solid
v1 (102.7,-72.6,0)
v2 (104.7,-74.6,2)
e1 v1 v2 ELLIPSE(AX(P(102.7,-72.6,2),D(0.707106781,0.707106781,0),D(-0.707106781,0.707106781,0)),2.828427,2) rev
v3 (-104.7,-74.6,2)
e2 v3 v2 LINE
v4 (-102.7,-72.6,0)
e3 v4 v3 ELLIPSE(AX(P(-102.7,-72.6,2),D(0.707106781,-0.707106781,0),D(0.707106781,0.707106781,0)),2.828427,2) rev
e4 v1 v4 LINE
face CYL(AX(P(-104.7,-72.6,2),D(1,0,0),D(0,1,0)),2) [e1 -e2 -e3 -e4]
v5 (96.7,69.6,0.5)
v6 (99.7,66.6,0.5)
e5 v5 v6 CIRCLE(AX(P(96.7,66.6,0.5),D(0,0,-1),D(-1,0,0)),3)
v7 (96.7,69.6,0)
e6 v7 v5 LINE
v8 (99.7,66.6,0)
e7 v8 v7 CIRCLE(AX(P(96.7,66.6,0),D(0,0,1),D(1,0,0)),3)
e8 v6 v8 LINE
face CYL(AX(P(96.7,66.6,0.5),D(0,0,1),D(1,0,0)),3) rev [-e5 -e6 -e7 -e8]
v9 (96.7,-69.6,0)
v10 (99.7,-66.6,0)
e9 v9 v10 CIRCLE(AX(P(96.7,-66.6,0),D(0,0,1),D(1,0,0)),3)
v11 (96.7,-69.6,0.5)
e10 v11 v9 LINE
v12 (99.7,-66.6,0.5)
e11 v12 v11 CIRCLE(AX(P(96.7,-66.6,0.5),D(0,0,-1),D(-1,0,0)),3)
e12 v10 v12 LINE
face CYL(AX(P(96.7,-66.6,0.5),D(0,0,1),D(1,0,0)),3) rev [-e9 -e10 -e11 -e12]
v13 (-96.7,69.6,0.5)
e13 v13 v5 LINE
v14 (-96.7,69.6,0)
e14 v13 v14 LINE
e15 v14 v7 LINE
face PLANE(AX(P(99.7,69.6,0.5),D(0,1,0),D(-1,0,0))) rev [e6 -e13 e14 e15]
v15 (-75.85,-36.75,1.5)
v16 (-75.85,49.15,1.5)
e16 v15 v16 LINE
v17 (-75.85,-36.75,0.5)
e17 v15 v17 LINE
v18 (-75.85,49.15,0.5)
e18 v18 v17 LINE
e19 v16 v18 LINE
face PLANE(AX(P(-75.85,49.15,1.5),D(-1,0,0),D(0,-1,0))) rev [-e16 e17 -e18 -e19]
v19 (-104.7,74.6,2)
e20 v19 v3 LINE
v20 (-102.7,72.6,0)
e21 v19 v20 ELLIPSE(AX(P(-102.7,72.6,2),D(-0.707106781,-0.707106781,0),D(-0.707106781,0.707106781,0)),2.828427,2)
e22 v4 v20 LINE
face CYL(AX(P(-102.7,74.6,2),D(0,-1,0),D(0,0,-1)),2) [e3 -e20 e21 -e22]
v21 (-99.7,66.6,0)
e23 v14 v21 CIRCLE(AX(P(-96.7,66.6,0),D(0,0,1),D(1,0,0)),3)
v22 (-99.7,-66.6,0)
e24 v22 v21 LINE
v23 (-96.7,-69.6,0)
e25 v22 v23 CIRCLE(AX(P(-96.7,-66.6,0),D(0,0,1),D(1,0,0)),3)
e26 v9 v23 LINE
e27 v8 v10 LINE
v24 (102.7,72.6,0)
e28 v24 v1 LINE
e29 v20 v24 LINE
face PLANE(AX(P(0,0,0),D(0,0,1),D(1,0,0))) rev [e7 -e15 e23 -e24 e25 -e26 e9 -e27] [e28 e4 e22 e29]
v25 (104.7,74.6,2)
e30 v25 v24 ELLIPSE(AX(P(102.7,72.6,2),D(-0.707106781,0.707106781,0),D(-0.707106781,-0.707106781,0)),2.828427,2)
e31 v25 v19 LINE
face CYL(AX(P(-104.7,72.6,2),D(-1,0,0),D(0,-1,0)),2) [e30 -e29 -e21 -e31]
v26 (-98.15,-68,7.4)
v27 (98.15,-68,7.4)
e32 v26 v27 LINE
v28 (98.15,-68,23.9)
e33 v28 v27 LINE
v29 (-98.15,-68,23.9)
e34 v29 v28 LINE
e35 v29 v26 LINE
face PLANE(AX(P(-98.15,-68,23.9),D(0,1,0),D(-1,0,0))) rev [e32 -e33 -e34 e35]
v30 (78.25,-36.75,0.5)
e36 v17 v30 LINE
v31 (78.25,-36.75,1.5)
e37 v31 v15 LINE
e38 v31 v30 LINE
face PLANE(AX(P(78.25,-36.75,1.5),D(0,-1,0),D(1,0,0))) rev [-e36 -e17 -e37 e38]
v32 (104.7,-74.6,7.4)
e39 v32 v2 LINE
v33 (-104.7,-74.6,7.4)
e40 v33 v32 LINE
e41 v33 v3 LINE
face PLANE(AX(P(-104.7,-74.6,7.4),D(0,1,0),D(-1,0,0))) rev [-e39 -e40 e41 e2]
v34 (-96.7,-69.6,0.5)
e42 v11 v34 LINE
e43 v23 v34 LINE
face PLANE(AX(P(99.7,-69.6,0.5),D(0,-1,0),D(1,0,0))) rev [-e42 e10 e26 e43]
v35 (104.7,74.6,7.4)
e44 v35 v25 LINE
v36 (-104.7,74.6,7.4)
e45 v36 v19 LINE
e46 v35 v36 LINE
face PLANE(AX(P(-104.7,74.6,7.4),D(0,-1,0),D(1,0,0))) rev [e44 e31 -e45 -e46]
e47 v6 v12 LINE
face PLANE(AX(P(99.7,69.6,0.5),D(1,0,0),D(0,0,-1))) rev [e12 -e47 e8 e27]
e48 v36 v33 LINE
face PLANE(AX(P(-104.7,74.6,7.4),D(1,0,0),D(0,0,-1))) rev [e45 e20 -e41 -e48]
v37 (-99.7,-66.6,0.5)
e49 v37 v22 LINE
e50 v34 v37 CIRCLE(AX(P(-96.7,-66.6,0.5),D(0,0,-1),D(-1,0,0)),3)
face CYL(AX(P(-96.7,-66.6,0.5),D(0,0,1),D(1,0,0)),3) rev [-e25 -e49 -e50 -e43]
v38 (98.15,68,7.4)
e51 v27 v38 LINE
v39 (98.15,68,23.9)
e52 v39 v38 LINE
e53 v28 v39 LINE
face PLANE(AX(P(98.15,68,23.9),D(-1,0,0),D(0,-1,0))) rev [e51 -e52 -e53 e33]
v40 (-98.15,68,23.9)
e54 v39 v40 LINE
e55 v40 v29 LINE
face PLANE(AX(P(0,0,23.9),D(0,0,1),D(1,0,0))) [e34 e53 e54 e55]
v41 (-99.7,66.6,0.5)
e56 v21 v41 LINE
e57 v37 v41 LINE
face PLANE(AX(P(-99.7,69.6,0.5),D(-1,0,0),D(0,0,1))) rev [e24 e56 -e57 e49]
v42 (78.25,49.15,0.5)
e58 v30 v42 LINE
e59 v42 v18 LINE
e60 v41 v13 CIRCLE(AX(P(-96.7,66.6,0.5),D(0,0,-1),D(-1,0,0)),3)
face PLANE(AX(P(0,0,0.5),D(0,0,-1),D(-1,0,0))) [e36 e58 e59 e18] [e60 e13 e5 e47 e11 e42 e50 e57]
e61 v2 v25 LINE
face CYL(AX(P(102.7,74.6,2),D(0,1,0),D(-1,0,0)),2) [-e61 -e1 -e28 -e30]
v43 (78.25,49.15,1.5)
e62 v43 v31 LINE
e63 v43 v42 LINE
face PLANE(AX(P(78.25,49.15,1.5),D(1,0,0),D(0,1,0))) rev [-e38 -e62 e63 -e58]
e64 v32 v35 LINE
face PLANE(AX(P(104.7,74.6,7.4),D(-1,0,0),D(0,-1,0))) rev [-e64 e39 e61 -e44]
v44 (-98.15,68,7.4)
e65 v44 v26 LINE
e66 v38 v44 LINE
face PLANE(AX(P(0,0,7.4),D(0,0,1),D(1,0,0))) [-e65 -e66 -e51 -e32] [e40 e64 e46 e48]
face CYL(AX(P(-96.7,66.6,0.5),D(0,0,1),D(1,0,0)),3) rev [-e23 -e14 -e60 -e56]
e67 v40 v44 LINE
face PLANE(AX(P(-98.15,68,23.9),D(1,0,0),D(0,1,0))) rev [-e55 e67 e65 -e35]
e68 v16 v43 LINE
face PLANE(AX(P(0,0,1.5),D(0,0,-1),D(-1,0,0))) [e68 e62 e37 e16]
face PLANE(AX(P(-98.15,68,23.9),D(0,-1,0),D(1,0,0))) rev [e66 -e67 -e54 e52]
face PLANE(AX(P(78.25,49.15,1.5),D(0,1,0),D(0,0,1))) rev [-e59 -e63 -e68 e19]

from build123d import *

# Parameters (mm, degrees)
SKETCH_1_W          = 209.4
SKETCH_1_H          = 149.2
EXTRUDE_1_DEPTH     = 7.4
SKETCH_2_W          = 196.3
SKETCH_2_H          = 136
EXTRUDE_2_DEPTH     = 16.5
SKETCH_4_W          = 154.1
SKETCH_4_H          = 85.9
CUT_EXTRUDE_1_DEPTH = 1.5
FILLET_1_R          = 2
SKETCH_5_W          = 199.4
SKETCH_5_H          = 139.2
CUT_EXTRUDE_2_DEPTH = 0.5
FILLET_2_R          = 3


with BuildPart() as part:
    # 草图1 → 凸台-拉伸1 (new body)
    with BuildSketch(Plane.XY):
        Rectangle(SKETCH_1_W, SKETCH_1_H)
    extrude(amount=EXTRUDE_1_DEPTH)

    # 草图2 → 凸台-拉伸2 (add)
    with BuildSketch(Plane.XY.offset(7.4)):
        Rectangle(SKETCH_2_W, SKETCH_2_H)
    extrude(amount=EXTRUDE_2_DEPTH)

    # 草图4 → 切除-拉伸1 (cut)
    with BuildSketch(Plane(origin=(0, 0, 0), x_dir=(-1, 0, 0), z_dir=(0, 0, -1))):
        with Locations((-1.2, 6.2)):
            Rectangle(SKETCH_4_W, SKETCH_4_H)
    extrude(amount=-CUT_EXTRUDE_1_DEPTH, mode=Mode.SUBTRACT)

    # 圆角1
    fillet_1_edges = [part.edges().sort_by_distance(p)[0] for p in [
        (0, 74.6, 0),
        (104.7, 0, 0),
        (0, -74.6, 0),
        (-104.7, 0, 0),
    ]]
    fillet(fillet_1_edges, radius=FILLET_1_R)

    # 草图5 → 切除-拉伸2 (cut)
    with BuildSketch(Plane(origin=(0, 0, 0), x_dir=(-1, 0, 0), z_dir=(0, 0, -1))):
        Rectangle(SKETCH_5_W, SKETCH_5_H)
    extrude(amount=-CUT_EXTRUDE_2_DEPTH, mode=Mode.SUBTRACT)

    # 圆角2
    fillet_2_edges = [part.edges().sort_by_distance(p)[0] for p in [
        (99.7, -69.6, 0.25),
        (99.7, 69.6, 0.25),
        (-99.7, 69.6, 0.25),
        (-99.7, -69.6, 0.25),
    ]]
    fillet(fillet_2_edges, radius=FILLET_2_R)


solid = part.part
